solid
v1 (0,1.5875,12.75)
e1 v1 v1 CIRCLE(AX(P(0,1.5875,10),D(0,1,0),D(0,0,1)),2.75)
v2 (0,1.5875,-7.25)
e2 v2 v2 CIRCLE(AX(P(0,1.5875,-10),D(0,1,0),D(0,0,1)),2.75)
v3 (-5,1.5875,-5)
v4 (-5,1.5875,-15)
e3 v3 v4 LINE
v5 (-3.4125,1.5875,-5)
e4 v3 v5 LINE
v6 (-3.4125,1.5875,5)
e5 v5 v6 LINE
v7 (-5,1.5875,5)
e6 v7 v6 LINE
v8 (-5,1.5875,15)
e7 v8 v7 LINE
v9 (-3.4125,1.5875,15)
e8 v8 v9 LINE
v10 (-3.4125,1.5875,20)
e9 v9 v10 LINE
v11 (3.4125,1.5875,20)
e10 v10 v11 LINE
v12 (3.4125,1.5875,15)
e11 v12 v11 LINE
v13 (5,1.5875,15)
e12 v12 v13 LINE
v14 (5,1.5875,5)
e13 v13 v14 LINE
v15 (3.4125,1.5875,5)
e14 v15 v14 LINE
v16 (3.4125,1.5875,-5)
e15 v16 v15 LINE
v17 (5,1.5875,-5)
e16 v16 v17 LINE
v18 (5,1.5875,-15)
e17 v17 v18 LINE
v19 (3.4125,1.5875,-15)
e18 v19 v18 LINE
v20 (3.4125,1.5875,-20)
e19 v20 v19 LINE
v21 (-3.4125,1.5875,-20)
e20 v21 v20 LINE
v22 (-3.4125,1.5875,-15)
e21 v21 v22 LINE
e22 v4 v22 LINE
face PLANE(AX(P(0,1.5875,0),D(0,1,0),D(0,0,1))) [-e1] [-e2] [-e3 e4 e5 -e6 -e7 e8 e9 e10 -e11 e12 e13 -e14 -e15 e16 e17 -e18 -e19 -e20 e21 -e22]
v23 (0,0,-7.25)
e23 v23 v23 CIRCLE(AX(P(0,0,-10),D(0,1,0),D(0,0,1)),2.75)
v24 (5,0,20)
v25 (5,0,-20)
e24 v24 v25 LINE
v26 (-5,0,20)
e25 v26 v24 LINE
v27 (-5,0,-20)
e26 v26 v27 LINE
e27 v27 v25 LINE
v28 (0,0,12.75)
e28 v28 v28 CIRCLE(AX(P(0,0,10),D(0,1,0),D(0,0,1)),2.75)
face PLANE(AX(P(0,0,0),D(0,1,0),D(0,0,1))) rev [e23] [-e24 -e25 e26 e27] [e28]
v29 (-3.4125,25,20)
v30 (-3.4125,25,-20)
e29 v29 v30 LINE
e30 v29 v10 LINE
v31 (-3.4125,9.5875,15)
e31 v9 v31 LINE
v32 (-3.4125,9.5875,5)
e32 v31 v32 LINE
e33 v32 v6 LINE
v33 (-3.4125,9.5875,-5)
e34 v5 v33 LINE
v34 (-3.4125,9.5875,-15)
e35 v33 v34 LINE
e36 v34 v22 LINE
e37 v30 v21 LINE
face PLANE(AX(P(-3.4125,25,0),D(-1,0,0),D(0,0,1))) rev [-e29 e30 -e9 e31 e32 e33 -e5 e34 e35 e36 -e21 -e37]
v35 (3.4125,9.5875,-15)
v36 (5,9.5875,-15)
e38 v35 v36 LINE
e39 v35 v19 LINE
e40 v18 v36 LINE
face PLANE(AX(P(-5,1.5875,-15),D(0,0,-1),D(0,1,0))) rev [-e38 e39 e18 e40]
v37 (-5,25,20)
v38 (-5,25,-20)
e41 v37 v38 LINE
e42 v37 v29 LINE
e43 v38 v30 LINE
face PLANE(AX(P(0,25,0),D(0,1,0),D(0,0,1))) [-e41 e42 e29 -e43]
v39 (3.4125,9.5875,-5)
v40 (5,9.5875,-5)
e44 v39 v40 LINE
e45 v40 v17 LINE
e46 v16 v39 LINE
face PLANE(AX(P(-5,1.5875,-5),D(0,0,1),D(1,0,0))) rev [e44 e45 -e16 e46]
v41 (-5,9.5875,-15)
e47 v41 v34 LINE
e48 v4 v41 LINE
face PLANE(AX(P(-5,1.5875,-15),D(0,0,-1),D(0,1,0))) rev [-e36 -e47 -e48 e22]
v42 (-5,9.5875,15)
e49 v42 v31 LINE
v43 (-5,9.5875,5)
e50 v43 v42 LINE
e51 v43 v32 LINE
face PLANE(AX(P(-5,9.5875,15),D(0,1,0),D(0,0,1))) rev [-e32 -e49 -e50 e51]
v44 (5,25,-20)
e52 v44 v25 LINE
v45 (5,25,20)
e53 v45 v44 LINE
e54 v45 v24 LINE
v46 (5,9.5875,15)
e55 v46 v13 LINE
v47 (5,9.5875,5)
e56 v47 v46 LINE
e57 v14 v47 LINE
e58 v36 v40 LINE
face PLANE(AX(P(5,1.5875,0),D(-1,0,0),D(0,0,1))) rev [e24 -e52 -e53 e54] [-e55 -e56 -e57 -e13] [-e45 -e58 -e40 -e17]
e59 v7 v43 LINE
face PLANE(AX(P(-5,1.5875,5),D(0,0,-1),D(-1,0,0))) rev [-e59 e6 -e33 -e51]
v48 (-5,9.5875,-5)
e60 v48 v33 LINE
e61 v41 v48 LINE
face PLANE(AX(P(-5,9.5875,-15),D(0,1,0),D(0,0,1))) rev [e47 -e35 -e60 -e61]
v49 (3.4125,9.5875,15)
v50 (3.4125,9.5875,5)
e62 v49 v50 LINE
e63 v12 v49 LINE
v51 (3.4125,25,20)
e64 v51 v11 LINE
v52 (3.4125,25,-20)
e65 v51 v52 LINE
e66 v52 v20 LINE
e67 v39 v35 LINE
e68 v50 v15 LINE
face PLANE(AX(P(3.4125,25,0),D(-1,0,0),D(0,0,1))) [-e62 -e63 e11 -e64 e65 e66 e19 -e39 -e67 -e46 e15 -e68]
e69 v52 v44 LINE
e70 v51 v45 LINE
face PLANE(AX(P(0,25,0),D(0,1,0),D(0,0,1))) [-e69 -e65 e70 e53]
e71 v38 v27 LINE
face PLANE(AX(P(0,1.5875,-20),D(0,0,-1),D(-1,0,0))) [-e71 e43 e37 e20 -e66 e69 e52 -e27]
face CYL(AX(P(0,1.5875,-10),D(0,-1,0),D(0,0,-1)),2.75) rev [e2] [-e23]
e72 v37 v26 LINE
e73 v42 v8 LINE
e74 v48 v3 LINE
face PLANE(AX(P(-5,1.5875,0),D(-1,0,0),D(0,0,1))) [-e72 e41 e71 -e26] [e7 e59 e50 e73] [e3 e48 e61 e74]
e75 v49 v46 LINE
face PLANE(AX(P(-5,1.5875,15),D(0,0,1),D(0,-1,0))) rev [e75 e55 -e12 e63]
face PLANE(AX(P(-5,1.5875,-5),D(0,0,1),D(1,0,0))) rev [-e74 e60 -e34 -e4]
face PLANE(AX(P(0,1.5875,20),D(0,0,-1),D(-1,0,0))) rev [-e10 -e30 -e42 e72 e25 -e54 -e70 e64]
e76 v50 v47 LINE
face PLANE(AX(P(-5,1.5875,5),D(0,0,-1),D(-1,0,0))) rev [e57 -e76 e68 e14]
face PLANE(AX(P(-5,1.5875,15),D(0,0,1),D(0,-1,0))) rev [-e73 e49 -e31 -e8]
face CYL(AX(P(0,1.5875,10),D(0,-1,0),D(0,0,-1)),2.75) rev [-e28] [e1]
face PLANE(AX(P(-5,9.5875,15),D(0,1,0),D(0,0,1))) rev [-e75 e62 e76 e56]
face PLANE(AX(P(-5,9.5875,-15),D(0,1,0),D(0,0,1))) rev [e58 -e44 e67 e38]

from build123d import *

# Parameters (mm, degrees)
SKETCH1_W           = 10
SKETCH1_H           = 40
SKETCH1_R           = 2.75
BOSS_EXTRUDE1_DEPTH = 1.5875
SKETCH1_3_W         = 1.5875
SKETCH1_3_H         = 40
BOSS_EXTRUDE2_DEPTH = 25
SKETCH2_W           = 10
SKETCH2_H           = 8
CUT_EXTRUDE1_DEPTH  = 34.541019662


with BuildPart() as part:
    # Sketch1 → Boss-Extrude1 (new body)
    with BuildSketch(Plane(origin=(0, 0, 0), x_dir=(1, 0, 0), z_dir=(0, 1, 0))):
        Rectangle(SKETCH1_W, SKETCH1_H)
        with Locations((0, -10)):
            Circle(SKETCH1_R, mode=Mode.SUBTRACT)
        with Locations((0, 10)):
            Circle(SKETCH1_R, mode=Mode.SUBTRACT)
    extrude(amount=BOSS_EXTRUDE1_DEPTH)

    # Sketch1<3> → Boss-Extrude2 (add)
    with BuildSketch(Plane(origin=(0, 0, 0), x_dir=(1, 0, 0), z_dir=(0, 1, 0))):
        with Locations((-4.20625, 0)):
            Rectangle(SKETCH1_3_W, SKETCH1_3_H)
        with Locations((4.20625, 0)):
            Rectangle(SKETCH1_3_W, SKETCH1_3_H)
    extrude(amount=BOSS_EXTRUDE2_DEPTH)

    # Sketch2 → Cut-Extrude1 (cut, through all)
    with BuildSketch(Plane(origin=(5, 0, 0), x_dir=(0, 0, -1), z_dir=(1, 0, 0))):
        with Locations((-10, 5.5875)):
            Rectangle(SKETCH2_W, SKETCH2_H)
        with Locations((10, 5.5875)):
            Rectangle(SKETCH2_W, SKETCH2_H)
    extrude(amount=-CUT_EXTRUDE1_DEPTH, mode=Mode.SUBTRACT)


solid = part.part
